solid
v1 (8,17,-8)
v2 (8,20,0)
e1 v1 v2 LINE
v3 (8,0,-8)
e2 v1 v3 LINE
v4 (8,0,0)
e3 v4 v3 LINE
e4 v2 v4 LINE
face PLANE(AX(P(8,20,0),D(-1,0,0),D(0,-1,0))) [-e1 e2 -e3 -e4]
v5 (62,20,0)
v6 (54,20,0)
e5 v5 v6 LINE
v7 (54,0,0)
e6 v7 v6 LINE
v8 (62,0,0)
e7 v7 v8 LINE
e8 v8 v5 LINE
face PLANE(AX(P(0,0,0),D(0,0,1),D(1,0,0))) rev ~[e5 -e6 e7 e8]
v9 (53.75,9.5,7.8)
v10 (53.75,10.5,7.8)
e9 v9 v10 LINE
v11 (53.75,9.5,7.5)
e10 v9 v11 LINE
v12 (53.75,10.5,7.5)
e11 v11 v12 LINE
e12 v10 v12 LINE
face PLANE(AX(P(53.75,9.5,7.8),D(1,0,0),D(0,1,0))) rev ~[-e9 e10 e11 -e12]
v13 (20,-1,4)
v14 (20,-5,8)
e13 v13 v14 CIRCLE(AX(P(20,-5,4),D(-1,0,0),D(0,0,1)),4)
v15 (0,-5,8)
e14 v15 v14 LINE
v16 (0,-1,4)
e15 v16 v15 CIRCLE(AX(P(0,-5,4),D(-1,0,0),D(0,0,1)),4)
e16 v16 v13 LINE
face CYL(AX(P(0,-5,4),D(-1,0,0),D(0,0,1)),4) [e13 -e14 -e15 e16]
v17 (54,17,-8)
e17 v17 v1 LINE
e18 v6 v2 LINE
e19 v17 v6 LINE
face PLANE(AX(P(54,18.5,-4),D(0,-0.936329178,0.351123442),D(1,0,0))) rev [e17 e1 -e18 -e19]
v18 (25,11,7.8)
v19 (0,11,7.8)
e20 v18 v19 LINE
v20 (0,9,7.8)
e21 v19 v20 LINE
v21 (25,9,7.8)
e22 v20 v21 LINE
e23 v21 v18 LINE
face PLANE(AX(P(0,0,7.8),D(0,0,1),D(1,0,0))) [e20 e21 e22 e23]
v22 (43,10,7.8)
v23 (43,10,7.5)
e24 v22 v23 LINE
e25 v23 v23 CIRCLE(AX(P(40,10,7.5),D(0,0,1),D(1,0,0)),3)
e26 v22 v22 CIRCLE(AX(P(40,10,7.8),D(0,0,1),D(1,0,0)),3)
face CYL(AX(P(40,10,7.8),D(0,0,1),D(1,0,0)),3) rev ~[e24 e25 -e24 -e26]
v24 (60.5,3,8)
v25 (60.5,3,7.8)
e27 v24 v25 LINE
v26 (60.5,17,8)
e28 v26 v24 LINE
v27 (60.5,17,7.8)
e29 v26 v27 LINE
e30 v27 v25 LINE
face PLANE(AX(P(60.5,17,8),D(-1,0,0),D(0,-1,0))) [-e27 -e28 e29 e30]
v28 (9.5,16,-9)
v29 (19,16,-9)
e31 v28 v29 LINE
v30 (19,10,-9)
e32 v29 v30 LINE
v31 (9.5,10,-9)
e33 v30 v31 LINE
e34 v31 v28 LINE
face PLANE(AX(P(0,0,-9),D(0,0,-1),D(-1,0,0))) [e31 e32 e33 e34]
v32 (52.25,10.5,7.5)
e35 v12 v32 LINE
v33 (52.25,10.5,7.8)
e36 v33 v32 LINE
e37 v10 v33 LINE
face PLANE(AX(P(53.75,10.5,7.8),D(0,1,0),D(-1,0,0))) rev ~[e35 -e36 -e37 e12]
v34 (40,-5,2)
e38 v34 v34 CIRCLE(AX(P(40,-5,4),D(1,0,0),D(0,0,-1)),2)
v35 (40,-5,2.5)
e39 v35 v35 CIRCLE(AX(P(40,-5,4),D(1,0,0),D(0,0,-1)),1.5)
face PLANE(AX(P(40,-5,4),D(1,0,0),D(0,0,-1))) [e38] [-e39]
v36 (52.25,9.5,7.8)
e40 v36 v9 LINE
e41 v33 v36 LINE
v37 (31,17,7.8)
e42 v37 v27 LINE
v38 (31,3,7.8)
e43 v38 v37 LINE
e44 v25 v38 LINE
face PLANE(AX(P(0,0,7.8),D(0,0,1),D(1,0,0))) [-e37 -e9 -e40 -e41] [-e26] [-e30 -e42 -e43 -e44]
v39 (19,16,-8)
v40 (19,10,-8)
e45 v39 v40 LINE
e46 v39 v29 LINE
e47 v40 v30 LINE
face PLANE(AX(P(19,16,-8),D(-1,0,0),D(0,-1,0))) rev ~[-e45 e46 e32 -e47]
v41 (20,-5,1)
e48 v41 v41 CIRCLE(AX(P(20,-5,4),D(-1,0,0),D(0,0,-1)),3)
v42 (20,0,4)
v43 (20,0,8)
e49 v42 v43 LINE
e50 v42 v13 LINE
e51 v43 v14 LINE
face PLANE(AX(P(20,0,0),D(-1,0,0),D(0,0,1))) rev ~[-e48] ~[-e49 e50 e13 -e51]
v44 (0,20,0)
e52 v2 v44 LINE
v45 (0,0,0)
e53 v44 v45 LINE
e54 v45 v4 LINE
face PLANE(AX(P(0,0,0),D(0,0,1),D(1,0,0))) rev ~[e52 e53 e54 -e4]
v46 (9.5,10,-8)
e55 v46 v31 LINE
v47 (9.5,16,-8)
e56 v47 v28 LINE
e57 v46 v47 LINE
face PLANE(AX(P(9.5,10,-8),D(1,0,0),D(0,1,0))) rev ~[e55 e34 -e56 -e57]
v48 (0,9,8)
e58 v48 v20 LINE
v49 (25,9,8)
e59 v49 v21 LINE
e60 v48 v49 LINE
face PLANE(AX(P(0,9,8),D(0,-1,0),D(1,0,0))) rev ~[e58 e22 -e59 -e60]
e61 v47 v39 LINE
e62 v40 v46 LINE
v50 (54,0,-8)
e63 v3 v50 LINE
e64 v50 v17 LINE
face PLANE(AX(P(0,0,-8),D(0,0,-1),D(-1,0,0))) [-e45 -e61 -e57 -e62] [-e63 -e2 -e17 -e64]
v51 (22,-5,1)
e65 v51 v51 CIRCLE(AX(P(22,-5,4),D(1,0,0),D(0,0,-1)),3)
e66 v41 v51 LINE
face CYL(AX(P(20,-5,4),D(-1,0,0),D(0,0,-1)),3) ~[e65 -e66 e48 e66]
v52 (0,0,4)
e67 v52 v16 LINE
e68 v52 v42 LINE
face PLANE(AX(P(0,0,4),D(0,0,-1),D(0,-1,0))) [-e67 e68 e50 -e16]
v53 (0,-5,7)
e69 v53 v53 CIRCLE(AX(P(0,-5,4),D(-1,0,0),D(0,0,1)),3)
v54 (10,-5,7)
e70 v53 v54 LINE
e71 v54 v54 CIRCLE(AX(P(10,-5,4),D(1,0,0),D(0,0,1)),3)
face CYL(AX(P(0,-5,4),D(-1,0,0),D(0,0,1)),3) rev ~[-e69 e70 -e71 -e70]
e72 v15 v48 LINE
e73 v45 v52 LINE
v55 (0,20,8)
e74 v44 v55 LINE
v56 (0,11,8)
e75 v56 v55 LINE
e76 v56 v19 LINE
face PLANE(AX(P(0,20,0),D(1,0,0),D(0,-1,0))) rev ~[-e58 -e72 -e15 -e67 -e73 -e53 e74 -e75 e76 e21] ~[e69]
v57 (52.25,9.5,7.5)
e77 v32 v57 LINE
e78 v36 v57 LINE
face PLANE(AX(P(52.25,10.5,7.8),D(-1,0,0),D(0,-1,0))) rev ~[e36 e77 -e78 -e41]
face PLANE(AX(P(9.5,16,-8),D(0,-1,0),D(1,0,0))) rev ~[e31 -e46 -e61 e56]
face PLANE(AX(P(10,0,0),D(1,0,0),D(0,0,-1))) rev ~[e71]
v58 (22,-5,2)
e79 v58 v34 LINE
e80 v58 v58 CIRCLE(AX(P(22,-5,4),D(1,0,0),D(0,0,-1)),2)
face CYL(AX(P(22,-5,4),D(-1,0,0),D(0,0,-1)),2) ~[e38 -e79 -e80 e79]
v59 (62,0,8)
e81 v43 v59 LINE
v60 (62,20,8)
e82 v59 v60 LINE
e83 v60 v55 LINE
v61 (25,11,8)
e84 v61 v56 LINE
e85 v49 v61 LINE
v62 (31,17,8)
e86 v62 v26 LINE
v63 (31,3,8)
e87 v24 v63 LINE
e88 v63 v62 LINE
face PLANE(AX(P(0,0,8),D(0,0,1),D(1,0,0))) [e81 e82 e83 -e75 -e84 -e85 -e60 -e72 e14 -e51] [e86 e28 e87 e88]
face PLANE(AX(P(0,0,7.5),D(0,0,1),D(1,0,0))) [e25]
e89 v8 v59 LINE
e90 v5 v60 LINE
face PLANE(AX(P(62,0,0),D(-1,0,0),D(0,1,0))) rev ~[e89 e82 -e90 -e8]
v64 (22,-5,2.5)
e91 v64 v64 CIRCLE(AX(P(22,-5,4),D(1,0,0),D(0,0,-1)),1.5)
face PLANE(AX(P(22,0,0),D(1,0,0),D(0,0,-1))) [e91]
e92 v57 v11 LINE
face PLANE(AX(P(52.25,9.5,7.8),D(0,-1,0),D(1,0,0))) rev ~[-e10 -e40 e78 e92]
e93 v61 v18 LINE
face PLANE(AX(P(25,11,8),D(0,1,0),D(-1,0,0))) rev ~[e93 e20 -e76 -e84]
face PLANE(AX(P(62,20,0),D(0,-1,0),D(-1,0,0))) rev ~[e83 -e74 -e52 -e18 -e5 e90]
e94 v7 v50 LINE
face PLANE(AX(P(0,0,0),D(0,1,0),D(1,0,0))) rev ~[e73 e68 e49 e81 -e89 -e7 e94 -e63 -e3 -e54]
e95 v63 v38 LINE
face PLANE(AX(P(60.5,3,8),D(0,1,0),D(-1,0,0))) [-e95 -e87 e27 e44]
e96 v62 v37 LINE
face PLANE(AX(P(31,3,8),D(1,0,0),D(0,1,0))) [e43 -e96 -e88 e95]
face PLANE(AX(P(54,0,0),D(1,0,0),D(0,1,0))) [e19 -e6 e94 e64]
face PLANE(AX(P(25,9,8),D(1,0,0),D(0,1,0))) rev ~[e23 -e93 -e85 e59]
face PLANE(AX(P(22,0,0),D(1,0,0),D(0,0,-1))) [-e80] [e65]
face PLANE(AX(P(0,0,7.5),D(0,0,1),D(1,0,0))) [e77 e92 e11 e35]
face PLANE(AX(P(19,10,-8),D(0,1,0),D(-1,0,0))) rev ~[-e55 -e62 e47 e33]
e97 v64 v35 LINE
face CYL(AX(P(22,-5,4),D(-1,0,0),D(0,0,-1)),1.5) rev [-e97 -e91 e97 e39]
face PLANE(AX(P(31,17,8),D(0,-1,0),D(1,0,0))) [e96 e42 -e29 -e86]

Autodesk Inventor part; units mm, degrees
ref_plane "YZ Plane" through (0, 0, 0) normal (1, 0, 0) x (0, 1, 0)
ref_plane "XZ Plane" through (0, 0, 0) normal (0, 1, 0) x (-1, 0, 0)
ref_plane "XY Plane" through (0, 0, 0) normal (0, 0, 1) x (1, 0, 0)
sketch "スケッチ1" plane through (0, 0, 0) normal (0, 0, 1) x (1, 0, 0)
  line L0 (0, 0) -> (62, 0)
  line L1 (62, 0) -> (62, 20)
  line L2 (62, 20) -> (0, 20)
  line L3 (0, 20) -> (0, 0)
  dimension "d0" = 62
  dimension "d1" = 20
extrude "押し出し1" add sketch "スケッチ1" along normal blind 8
sketch "スケッチ2" plane through (0, 0, 0) normal (-1, 0, 0) x (0, 0, 1)
  line L0 (0, 0) -> (8, 0) projected
  line L1 (4, 0) -> (4, -1)
  line L2 (4, -1) -> (4, -5) construction
  circle A0 centre (4, -5) radius 4
  line L3 (8, 0) -> (8, -5)
  circle A1 centre (4, -5) radius 3
  dimension "d4" = 1
  dimension "d5" = 4
  dimension "d6" = 6
extrude "押し出し2" add sketch "スケッチ2" against normal blind 20
sketch "スケッチ3" plane through (20, 0, 0) normal (1, 0, 0) x (0, 0, -1)
  arc A0 (-8, -5) -> (-4, -1) centre (-4, -5) ccw construction
  line L0 (0, 0) -> (-4, 0) construction
  line L1 (-4, 0) -> (-4, -5) construction
  line L2 (-4, -5) -> (0, -5) construction
  line L3 (0, -5) -> (0, 0) construction
  circle A1 centre (-4, -5) radius 3
extrude "押し出し3" add sketch "スケッチ3" along normal blind 2 and the other way blind 10
sketch "スケッチ4" plane through (22, -5, 4) normal (1, 0, 0) x (0, 0, -1)
  circle A0 centre (0, 0) radius 2
  circle A1 centre (0, 0) radius 1.5
  point P0 (4, 5)
  dimension "d13" = 4
  dimension "d14" = 3
extrude "押し出し4" add sketch "スケッチ4" along normal blind 18
sketch "スケッチ5" plane through (0, 0, 0) normal (0, 0, -1) x (-1, 0, 0)
  line L0 (0, 0) -> (-62, 0) construction
  line L1 (0, 0) -> (-8, 0) construction
  line L2 (-62, 0) -> (-54, 0) construction
  line L3 (-62, 20) -> (0, 20) projected
  line L4 (-8, 0) -> (-54, 0)
  line L5 (-54, 0) -> (-54, 20)
  line L6 (-54, 20) -> (-8, 20)
  line L7 (-8, 20) -> (-8, 0)
  dimension "d17" = 8
  dimension "d18" = 8
extrude "押し出し5" add sketch "スケッチ5" along normal blind 8
chamfer "面取り1" distance 3 distance2 8 1 edges at (31, 20, -8) measured on face at (23.3333, 6.6667, -8)
sketch "スケッチ6" plane through (0, 0, -8) normal (0, 0, -1) x (-1, 0, 0)
  line L0 (-54, 17) -> (-8, 17) construction
  line L1 (-8, 17) -> (-9.5, 17) construction
  line L2 (-9.5, 17) -> (-9.5, 16) construction
  line L3 (-9.5, 16) -> (-8, 16) construction
  line L4 (-8, 16) -> (-8, 17) construction
  line L5 (-9.5, 16) -> (-19, 16)
  line L6 (-19, 16) -> (-19, 10)
  line L7 (-19, 10) -> (-9.5, 10)
  line L8 (-9.5, 10) -> (-9.5, 16)
  point P0 (0, 0)
  dimension "d26" = 9.5
  dimension "d27" = 6
  dimension "d28" = 1.5
  dimension "d29" = 1
extrude "押し出し6" add sketch "スケッチ6" along normal blind 1
sketch "スケッチ7" plane through (0, 0, 8) normal (0, 0, 1) x (1, 0, 0)
  line L0 (0, 0) -> (0, 9) construction
  line L1 (0, 20) -> (0, 0) construction
  line L2 (0, 9) -> (25, 9)
  line L3 (25, 9) -> (25, 11)
  line L4 (25, 11) -> (0, 11)
  line L5 (0, 11) -> (0, 9)
  line L6 (20, 0) -> (62, 0) construction
  line L7 (62, 0) -> (60.5, 0) construction
  line L8 (60.5, 0) -> (60.5, 3) construction
  line L9 (60.5, 3) -> (62, 3) construction
  line L10 (62, 3) -> (62, 0) construction
  line L11 (60.5, 3) -> (31, 3)
  line L12 (31, 3) -> (31, 17)
  line L13 (31, 17) -> (60.5, 17)
  line L14 (60.5, 17) -> (60.5, 3)
  dimension "d32" = 9
  dimension "d33" = 25
  dimension "d34" = 2
  dimension "d37" = 1.5
  dimension "d38" = 3
  dimension "d39" = 29.5
  dimension "d40" = 14
extrude "押し出し8" cut sketch "スケッチ7" against normal blind 0.2
sketch "スケッチ9" plane through (0, 0, 7.8) normal (0, 0, 1) x (1, 0, 0)
  line L0 (31, 3) -> (31, 17) construction
  line L1 (31, 10) -> (40, 10) construction
  circle A0 centre (40, 10) radius 3
  line L2 (60.5, 17) -> (60.5, 3) construction
  line L3 (60.5, 10) -> (53, 10) construction
  line L4 (52.25, 9.5) -> (53.75, 9.5)
  line L5 (53.75, 9.5) -> (53.75, 10.5)
  line L6 (53.75, 10.5) -> (52.25, 10.5)
  line L7 (52.25, 10.5) -> (52.25, 9.5)
  line L8 (52.25, 9.5) -> (53.75, 10.5) construction
  line L9 (53.75, 9.5) -> (52.25, 10.5) construction
  point P0 (0, 0)
  dimension "d43" = 9
  dimension "d44" = 6
  dimension "d45" = 7.5
  dimension "d46" = 1.5
  dimension "d47" = 1
extrude "押し出し9" cut sketch "スケッチ9" against normal blind 0.3
thread "ねじ1" size "M3x0.5" class "6H" standard "ANSI Metric M Profile" full length
properties part number "UCAM-DLI500TNBK"
